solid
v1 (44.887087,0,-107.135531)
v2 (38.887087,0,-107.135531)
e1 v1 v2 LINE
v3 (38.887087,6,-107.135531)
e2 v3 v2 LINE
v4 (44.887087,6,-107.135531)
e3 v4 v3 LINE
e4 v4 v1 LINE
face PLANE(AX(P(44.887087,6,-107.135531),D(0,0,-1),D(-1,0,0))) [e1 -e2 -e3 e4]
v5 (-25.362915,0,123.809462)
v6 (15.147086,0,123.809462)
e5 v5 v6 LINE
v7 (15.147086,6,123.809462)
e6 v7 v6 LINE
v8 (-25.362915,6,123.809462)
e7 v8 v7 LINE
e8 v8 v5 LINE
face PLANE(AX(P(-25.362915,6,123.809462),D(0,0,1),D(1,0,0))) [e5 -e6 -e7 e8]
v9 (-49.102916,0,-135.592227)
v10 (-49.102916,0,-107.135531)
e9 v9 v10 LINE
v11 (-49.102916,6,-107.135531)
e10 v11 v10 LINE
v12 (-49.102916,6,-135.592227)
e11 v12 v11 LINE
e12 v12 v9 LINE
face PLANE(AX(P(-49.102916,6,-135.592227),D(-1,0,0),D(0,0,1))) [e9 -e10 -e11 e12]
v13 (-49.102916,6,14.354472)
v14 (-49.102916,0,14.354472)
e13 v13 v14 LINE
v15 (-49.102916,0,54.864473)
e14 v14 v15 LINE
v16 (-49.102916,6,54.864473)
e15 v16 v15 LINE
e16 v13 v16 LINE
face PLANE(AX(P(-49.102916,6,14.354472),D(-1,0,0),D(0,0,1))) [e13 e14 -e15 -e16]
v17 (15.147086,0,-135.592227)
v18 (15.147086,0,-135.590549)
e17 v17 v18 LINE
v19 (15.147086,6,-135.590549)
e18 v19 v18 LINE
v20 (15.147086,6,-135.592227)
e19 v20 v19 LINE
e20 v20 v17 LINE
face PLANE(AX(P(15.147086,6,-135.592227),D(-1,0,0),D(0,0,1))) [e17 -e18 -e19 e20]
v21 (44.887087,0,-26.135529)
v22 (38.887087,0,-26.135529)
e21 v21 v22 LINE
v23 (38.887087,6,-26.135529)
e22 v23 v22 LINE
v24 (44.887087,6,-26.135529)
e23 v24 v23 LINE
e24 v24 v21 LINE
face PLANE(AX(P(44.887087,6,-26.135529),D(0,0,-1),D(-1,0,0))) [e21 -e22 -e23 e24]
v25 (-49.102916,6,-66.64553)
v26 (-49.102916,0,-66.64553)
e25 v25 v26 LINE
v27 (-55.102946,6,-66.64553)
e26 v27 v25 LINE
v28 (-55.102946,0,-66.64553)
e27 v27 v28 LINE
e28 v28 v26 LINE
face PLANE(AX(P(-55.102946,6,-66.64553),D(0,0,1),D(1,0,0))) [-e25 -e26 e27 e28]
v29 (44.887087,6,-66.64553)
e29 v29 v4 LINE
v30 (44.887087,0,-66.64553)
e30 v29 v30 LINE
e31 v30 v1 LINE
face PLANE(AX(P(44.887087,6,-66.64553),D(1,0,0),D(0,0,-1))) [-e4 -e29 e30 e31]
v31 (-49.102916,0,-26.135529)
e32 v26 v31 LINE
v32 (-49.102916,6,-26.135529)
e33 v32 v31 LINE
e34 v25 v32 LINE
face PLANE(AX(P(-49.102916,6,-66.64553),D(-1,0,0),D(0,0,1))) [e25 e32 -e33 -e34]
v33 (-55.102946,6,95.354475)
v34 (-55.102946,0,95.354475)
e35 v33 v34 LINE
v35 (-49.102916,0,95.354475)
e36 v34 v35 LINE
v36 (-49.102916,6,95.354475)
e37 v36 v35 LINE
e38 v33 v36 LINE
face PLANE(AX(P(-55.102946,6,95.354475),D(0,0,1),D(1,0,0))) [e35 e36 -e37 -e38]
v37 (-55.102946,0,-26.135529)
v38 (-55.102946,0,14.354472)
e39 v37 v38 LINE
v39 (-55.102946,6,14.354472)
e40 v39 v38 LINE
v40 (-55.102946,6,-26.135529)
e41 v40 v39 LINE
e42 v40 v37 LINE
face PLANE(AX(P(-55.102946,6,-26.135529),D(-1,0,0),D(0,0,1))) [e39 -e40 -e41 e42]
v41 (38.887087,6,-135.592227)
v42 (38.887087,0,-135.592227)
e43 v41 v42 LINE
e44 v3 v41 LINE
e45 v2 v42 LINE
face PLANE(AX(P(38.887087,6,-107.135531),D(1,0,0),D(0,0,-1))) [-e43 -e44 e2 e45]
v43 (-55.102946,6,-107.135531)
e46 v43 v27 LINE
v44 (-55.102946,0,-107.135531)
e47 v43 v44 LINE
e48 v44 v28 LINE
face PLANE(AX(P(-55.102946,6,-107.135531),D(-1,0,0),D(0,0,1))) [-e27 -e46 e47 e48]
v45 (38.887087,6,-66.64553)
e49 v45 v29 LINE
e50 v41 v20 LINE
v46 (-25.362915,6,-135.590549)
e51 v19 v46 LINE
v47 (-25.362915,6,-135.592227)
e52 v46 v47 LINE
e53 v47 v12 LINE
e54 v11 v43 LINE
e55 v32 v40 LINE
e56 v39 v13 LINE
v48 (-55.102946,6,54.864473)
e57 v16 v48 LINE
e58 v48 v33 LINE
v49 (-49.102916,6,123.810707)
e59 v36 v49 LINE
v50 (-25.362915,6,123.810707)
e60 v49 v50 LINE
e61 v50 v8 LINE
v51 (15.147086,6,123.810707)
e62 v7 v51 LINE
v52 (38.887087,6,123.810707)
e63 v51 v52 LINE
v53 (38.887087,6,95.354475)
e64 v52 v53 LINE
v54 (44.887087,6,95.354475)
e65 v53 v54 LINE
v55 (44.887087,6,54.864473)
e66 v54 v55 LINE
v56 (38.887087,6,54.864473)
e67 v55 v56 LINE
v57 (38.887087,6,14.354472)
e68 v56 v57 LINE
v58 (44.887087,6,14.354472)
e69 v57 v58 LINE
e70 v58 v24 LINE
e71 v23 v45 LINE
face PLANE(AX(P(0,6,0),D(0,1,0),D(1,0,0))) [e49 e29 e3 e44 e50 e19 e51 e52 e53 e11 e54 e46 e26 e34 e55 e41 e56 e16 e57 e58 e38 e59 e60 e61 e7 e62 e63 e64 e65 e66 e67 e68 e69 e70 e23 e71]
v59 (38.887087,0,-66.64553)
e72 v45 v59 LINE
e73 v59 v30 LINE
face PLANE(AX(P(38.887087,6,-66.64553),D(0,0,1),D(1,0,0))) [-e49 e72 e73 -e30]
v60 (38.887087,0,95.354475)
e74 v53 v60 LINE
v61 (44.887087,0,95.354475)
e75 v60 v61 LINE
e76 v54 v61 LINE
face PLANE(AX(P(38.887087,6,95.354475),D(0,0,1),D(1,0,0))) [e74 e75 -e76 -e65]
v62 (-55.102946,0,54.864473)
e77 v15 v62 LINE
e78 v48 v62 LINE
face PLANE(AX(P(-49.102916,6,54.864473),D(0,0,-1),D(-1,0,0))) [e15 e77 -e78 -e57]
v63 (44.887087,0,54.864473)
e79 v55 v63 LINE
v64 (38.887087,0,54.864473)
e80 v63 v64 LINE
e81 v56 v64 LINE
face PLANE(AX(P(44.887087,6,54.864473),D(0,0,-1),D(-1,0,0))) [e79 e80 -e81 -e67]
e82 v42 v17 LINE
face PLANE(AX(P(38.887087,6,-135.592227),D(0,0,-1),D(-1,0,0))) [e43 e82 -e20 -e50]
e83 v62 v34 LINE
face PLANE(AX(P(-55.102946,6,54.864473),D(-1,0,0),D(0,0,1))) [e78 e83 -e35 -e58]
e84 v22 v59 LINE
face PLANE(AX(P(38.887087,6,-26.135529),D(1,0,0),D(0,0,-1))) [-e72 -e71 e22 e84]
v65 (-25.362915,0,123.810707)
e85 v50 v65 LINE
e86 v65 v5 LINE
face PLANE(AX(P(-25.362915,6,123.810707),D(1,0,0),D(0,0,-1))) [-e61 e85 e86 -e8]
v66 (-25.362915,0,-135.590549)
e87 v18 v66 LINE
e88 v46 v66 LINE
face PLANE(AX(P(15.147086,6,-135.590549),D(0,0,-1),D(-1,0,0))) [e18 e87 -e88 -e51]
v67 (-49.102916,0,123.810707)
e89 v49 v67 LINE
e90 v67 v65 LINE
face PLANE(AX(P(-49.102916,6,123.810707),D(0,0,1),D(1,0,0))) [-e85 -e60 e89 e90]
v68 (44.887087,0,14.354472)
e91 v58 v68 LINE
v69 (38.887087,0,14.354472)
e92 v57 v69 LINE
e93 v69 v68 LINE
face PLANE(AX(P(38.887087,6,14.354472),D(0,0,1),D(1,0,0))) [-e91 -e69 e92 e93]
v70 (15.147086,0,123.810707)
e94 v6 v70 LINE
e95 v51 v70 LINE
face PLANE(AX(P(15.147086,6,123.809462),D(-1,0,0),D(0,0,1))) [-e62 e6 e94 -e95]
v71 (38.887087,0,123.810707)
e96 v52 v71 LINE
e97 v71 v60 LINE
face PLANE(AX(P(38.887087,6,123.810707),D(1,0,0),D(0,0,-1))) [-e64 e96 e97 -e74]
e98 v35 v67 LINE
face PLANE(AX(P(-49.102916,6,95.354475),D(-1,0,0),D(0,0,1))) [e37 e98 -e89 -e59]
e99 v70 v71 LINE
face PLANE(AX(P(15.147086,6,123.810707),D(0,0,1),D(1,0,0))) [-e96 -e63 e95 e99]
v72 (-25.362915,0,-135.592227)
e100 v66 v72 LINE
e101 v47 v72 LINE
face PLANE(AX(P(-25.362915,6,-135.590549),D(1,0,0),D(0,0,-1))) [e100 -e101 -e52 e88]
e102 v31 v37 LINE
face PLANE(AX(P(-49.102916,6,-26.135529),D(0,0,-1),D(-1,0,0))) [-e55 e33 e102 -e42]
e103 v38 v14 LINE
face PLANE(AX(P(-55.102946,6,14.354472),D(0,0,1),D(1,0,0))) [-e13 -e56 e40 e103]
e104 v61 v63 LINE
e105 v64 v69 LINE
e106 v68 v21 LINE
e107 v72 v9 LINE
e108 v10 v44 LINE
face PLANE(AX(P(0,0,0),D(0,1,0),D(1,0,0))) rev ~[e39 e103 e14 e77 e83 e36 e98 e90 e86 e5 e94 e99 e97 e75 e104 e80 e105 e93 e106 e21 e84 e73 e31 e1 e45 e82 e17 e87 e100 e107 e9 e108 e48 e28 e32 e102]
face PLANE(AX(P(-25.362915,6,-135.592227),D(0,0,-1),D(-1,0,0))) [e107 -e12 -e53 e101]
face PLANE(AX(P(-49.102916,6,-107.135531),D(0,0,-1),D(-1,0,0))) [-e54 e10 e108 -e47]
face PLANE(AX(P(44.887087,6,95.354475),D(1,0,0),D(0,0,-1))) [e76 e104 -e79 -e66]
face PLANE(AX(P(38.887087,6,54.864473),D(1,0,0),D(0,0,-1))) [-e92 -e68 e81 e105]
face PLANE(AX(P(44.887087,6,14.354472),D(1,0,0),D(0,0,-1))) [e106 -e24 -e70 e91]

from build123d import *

# Parameters (mm, degrees)
SKETCH1_W               = 517.884603554
SKETCH1_H               = 307.545036654
BOSS_EXTRUDE1_DEPTH     = 6
CUT_EXTRUDE_THIN1_DEPTH = 302.219360338


with BuildPart() as part:
    # Sketch1 → Boss-Extrude1 (new body)
    with BuildSketch(Plane(origin=(0, 0, 0), x_dir=(1, 0, 0), z_dir=(0, 1, 0))):
        Rectangle(SKETCH1_W, SKETCH1_H)
    extrude(amount=BOSS_EXTRUDE1_DEPTH)

    # Sketch2 → Cut-Extrude-Thin1 (cut, through all)
    with BuildSketch(Plane(origin=(0, 6, 0), x_dir=(1, 0, 0), z_dir=(0, 1, 0))):
        Polygon((38.897086644, -123.820706525), (38.897086644, -95.364474608), (44.897086809, -95.364474608), (44.897086809, -54.854473491), (38.897086644, -54.854473491), (38.897086644, -14.364472375), (44.897086809, -14.364472375), (44.897086809, 26.145528742), (38.897086644, 26.145528742), (38.897086644, 66.635529858), (44.897086809, 66.635529858), (44.897086809, 107.145530974), (38.897086644, 107.145530974), (38.897086644, 135.602227437), (15.137085989, 135.602227437), (15.137085989, 135.600548849), (-25.352915127, 135.600548849), (-25.352915127, 135.602227437), (-49.112915782, 135.602227437), (-49.112915782, 107.145530974), (-55.112946465, 107.145530974), (-55.112946465, 66.635529858), (-49.112915782, 66.635529858), (-49.112915782, 26.145528742), (-55.112946465, 26.145528742), (-55.112946465, -14.364472375), (-49.112915782, -14.364472375), (-49.112915782, -54.854473491), (-55.112946465, -54.854473491), (-55.112946465, -95.364474608), (-49.112915782, -95.364474608), (-49.112915782, -123.820706525), (-25.352915127, -123.820706525), (-25.352915127, -123.819461964), (15.137085989, -123.819461964), (15.137085989, -123.820706525), align=None)
        Polygon((38.887086644, -123.810706525), (38.887086644, -95.354474608), (44.887086809, -95.354474608), (44.887086809, -54.864473491), (38.887086644, -54.864473491), (38.887086644, -14.354472375), (44.887086809, -14.354472375), (44.887086809, 26.135528742), (38.887086644, 26.135528742), (38.887086644, 66.645529858), (44.887086809, 66.645529858), (44.887086809, 107.135530974), (38.887086644, 107.135530974), (38.887086644, 135.592227437), (15.147085989, 135.592227437), (15.147085989, 135.590548849), (-25.362915127, 135.590548849), (-25.362915127, 135.592227437), (-49.102915782, 135.592227437), (-49.102915782, 107.135530974), (-55.102946465, 107.135530974), (-55.102946465, 66.645529858), (-49.102915782, 66.645529858), (-49.102915782, 26.135528742), (-55.102946465, 26.135528742), (-55.102946465, -14.354472375), (-49.102915782, -14.354472375), (-49.102915782, -54.864473491), (-55.102946465, -54.864473491), (-55.102946465, -95.354474608), (-49.102915782, -95.354474608), (-49.102915782, -123.810706525), (-25.362915127, -123.810706525), (-25.362915127, -123.809461964), (15.147085989, -123.809461964), (15.147085989, -123.810706525), align=None, mode=Mode.SUBTRACT)
    extrude(amount=-CUT_EXTRUDE_THIN1_DEPTH, mode=Mode.SUBTRACT)


with BuildPart() as body_2:
    # of the pieces the cut leaves, the one that is kept (cut_extrude_thin1_keep)
    add(part.part.solids().sort_by_distance((15.147085989, 0, 123.809461964))[0])


solid = body_2.part
